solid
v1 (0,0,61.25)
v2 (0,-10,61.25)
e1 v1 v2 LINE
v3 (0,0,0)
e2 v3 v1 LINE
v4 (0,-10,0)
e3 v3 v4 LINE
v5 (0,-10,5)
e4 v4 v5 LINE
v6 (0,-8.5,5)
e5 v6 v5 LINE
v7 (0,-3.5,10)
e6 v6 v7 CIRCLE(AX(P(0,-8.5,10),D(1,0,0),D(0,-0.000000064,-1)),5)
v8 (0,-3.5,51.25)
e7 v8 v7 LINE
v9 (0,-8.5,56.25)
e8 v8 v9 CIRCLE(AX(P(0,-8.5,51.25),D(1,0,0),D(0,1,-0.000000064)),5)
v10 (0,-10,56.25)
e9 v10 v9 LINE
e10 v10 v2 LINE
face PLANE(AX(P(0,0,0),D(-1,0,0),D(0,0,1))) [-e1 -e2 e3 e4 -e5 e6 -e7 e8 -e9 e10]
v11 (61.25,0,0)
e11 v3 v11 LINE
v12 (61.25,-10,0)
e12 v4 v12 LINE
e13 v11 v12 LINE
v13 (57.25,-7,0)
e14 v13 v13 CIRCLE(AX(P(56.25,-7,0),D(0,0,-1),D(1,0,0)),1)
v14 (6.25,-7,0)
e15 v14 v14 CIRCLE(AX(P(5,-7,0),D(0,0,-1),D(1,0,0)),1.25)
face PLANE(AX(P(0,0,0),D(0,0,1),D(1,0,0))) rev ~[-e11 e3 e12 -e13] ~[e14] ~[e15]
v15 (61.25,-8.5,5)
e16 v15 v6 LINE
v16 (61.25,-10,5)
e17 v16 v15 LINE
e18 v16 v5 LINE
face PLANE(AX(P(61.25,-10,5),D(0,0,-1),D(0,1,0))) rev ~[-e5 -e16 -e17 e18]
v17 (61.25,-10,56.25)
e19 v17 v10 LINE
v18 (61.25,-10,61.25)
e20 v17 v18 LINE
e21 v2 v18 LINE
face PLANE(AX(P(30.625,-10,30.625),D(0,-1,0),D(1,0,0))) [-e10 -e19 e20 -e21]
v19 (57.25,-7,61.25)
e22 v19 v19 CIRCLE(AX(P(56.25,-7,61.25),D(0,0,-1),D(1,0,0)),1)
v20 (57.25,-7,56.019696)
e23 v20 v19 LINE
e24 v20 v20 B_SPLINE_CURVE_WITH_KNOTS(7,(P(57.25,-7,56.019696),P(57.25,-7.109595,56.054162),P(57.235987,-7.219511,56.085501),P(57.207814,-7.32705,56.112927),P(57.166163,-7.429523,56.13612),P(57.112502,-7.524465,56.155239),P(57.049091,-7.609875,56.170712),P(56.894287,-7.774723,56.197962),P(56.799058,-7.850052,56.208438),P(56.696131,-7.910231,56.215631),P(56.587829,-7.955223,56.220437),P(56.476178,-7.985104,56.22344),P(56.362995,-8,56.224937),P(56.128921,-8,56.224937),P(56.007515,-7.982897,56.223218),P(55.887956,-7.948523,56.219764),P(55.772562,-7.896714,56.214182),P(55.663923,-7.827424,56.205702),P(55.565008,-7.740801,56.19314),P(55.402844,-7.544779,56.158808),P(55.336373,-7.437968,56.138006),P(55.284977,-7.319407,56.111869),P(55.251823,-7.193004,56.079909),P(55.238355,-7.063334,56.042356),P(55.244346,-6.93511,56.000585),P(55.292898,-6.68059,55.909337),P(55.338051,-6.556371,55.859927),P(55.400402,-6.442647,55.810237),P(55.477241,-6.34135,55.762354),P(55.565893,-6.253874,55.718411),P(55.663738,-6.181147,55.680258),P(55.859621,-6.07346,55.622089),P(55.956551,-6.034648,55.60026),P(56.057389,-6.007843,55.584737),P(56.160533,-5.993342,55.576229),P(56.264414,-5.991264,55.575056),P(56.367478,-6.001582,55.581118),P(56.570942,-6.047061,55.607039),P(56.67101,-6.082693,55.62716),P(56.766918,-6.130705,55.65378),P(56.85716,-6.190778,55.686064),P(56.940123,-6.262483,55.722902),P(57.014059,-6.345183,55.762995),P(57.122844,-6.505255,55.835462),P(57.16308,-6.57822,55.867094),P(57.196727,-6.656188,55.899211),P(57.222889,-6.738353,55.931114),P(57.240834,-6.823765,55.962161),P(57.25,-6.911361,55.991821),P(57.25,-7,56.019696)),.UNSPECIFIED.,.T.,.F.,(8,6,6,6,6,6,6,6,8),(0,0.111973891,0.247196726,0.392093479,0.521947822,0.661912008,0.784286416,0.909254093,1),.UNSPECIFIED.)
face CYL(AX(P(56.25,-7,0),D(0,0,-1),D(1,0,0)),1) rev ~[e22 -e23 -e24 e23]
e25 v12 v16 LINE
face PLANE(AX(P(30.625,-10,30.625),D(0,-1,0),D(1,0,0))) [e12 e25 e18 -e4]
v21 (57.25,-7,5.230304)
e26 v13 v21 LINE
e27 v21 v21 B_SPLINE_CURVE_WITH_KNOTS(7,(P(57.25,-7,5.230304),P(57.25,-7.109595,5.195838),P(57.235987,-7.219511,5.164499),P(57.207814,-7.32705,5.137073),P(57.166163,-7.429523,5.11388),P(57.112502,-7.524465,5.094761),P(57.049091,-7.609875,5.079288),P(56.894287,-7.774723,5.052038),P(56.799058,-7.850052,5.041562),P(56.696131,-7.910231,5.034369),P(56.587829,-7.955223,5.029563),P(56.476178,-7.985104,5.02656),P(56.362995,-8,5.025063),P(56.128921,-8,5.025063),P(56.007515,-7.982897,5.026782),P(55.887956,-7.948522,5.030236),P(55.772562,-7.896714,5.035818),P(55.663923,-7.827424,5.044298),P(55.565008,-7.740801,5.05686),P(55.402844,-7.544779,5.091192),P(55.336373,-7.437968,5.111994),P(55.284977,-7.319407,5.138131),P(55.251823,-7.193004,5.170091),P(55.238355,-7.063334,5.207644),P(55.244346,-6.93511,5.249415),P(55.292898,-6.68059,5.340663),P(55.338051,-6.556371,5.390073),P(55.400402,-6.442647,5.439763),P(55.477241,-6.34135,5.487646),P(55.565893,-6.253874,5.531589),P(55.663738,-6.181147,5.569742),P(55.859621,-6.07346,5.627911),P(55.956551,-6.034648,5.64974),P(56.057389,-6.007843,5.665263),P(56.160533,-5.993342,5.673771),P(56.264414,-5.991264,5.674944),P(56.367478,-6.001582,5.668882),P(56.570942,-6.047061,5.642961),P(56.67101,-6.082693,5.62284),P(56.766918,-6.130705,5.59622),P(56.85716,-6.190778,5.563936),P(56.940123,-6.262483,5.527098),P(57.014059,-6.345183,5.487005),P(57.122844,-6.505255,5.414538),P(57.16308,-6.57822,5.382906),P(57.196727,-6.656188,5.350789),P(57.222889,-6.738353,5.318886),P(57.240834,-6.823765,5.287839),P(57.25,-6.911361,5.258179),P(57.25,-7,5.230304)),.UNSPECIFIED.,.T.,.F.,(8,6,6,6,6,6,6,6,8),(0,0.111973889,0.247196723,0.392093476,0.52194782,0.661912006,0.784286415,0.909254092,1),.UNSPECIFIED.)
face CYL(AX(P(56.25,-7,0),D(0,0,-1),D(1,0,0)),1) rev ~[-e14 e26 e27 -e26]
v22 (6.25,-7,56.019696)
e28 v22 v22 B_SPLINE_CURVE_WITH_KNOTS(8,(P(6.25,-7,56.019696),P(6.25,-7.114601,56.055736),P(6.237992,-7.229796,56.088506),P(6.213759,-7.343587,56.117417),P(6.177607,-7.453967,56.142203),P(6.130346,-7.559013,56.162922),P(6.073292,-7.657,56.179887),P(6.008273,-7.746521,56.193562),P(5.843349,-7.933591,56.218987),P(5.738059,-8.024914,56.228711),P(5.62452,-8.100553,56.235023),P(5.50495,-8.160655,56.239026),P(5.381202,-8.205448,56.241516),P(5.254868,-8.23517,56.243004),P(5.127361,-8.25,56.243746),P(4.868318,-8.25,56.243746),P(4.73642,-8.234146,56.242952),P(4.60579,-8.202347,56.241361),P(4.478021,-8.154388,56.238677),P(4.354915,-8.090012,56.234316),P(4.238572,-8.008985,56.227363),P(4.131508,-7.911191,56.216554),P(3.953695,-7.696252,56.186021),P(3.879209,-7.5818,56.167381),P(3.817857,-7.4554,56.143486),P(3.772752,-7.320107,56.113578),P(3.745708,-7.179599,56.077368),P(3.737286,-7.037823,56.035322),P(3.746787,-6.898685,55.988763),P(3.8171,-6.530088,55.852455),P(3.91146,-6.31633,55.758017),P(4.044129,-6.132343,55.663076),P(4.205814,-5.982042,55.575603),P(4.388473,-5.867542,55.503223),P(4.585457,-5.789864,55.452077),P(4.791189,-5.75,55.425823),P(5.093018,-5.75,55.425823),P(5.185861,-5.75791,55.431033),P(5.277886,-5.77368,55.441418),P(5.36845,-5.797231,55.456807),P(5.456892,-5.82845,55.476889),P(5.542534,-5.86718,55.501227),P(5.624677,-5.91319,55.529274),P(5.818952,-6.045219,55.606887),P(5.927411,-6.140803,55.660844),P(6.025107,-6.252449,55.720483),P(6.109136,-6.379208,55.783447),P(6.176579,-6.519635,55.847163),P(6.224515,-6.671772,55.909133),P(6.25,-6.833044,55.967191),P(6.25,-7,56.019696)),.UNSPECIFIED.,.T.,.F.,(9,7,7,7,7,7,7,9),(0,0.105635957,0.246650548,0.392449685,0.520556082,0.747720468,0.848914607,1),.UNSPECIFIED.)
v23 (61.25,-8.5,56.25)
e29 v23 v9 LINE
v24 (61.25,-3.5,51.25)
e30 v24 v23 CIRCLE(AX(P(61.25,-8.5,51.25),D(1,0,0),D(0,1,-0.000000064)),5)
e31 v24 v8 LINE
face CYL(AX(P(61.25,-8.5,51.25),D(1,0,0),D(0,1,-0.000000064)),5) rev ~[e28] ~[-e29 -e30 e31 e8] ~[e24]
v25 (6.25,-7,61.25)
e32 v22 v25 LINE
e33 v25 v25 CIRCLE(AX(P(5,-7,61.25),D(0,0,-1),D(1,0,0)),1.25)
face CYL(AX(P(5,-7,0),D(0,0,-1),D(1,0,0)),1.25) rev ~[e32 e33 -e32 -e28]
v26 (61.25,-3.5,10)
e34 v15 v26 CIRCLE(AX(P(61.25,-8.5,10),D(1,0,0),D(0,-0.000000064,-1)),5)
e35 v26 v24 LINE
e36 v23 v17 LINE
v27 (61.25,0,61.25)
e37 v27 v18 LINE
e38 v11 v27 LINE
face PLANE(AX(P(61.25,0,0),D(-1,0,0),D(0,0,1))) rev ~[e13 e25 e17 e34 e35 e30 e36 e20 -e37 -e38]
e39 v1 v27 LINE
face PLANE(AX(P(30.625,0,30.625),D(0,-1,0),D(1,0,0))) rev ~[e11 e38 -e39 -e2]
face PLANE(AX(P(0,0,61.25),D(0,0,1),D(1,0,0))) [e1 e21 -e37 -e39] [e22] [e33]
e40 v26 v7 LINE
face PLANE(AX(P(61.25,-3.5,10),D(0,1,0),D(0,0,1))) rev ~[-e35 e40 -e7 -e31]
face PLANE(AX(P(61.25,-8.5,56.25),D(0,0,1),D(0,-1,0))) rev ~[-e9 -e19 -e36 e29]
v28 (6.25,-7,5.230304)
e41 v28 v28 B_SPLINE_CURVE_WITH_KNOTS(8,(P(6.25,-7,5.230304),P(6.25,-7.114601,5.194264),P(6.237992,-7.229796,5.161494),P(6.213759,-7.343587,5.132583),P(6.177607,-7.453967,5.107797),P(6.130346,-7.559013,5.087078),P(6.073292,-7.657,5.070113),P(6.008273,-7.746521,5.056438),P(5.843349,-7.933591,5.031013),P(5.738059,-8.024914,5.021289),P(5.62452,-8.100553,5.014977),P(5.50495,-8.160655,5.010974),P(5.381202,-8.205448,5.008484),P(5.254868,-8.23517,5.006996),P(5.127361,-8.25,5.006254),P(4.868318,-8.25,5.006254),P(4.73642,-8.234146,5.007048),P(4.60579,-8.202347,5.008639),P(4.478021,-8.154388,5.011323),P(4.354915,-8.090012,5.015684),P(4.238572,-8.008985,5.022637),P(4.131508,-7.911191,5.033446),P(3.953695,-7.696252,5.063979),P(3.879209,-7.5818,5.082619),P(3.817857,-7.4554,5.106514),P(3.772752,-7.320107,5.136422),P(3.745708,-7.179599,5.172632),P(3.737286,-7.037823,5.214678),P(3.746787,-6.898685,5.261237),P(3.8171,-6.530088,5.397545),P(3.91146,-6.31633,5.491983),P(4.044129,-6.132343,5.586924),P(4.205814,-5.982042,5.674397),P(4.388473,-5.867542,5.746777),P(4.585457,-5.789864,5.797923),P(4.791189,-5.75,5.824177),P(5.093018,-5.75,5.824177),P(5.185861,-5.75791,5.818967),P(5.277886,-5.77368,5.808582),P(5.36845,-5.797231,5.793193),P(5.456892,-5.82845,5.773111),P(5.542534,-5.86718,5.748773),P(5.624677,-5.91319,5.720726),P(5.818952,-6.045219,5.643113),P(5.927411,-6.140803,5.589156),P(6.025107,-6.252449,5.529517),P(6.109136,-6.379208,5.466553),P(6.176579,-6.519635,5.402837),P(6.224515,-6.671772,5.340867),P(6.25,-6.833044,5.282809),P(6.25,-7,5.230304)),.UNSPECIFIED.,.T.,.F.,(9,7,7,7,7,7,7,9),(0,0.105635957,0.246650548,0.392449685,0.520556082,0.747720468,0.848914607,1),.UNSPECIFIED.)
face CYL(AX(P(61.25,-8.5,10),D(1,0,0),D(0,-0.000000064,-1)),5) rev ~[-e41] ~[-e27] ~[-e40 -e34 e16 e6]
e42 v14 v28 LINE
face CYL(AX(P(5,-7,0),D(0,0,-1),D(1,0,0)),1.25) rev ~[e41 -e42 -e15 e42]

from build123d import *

# Parameters (mm, degrees)
F0_W     = 61.25
F0_H     = 61.25
F1_DEPTH = 10
F3_DEPTH = 80
F4_R     = 1
F4_R_2   = 1.25
F5_DEPTH = 80


with BuildPart() as f1:
    # F0 (on Front) → F1 (new body)
    with BuildSketch(Plane.XZ):
        with Locations((30.625, 30.625)):
            Rectangle(F0_W, F0_H)
    extrude(amount=F1_DEPTH)

    # F2 (on face) → F3 (cut)
    with BuildSketch(Plane.YZ.offset(61.25)):
        with BuildLine():
            Line((-10, 56.25), (-10, 5))
            Line((-10, 5), (-8.5, 5))
            ThreePointArc((-8.5, 5), (-4.964466, 6.464466), (-3.5, 10))
            Line((-3.5, 10), (-3.5, 51.25))
            ThreePointArc((-3.5, 51.25), (-4.964466, 54.785534), (-8.5, 56.25))
            Line((-8.5, 56.25), (-10, 56.25))
        make_face()
    extrude(amount=-F3_DEPTH, mode=Mode.SUBTRACT)

    # F4 (on face) → F5 (cut)
    with BuildSketch(Plane(origin=(0, 0, 0), x_dir=(1, 0, 0), z_dir=(0, 0, -1))):
        with Locations((56.25, 7)):
            Circle(F4_R)
        with Locations((5, 7)):
            Circle(F4_R_2)
    extrude(amount=-F5_DEPTH, mode=Mode.SUBTRACT)


solid = f1.part
